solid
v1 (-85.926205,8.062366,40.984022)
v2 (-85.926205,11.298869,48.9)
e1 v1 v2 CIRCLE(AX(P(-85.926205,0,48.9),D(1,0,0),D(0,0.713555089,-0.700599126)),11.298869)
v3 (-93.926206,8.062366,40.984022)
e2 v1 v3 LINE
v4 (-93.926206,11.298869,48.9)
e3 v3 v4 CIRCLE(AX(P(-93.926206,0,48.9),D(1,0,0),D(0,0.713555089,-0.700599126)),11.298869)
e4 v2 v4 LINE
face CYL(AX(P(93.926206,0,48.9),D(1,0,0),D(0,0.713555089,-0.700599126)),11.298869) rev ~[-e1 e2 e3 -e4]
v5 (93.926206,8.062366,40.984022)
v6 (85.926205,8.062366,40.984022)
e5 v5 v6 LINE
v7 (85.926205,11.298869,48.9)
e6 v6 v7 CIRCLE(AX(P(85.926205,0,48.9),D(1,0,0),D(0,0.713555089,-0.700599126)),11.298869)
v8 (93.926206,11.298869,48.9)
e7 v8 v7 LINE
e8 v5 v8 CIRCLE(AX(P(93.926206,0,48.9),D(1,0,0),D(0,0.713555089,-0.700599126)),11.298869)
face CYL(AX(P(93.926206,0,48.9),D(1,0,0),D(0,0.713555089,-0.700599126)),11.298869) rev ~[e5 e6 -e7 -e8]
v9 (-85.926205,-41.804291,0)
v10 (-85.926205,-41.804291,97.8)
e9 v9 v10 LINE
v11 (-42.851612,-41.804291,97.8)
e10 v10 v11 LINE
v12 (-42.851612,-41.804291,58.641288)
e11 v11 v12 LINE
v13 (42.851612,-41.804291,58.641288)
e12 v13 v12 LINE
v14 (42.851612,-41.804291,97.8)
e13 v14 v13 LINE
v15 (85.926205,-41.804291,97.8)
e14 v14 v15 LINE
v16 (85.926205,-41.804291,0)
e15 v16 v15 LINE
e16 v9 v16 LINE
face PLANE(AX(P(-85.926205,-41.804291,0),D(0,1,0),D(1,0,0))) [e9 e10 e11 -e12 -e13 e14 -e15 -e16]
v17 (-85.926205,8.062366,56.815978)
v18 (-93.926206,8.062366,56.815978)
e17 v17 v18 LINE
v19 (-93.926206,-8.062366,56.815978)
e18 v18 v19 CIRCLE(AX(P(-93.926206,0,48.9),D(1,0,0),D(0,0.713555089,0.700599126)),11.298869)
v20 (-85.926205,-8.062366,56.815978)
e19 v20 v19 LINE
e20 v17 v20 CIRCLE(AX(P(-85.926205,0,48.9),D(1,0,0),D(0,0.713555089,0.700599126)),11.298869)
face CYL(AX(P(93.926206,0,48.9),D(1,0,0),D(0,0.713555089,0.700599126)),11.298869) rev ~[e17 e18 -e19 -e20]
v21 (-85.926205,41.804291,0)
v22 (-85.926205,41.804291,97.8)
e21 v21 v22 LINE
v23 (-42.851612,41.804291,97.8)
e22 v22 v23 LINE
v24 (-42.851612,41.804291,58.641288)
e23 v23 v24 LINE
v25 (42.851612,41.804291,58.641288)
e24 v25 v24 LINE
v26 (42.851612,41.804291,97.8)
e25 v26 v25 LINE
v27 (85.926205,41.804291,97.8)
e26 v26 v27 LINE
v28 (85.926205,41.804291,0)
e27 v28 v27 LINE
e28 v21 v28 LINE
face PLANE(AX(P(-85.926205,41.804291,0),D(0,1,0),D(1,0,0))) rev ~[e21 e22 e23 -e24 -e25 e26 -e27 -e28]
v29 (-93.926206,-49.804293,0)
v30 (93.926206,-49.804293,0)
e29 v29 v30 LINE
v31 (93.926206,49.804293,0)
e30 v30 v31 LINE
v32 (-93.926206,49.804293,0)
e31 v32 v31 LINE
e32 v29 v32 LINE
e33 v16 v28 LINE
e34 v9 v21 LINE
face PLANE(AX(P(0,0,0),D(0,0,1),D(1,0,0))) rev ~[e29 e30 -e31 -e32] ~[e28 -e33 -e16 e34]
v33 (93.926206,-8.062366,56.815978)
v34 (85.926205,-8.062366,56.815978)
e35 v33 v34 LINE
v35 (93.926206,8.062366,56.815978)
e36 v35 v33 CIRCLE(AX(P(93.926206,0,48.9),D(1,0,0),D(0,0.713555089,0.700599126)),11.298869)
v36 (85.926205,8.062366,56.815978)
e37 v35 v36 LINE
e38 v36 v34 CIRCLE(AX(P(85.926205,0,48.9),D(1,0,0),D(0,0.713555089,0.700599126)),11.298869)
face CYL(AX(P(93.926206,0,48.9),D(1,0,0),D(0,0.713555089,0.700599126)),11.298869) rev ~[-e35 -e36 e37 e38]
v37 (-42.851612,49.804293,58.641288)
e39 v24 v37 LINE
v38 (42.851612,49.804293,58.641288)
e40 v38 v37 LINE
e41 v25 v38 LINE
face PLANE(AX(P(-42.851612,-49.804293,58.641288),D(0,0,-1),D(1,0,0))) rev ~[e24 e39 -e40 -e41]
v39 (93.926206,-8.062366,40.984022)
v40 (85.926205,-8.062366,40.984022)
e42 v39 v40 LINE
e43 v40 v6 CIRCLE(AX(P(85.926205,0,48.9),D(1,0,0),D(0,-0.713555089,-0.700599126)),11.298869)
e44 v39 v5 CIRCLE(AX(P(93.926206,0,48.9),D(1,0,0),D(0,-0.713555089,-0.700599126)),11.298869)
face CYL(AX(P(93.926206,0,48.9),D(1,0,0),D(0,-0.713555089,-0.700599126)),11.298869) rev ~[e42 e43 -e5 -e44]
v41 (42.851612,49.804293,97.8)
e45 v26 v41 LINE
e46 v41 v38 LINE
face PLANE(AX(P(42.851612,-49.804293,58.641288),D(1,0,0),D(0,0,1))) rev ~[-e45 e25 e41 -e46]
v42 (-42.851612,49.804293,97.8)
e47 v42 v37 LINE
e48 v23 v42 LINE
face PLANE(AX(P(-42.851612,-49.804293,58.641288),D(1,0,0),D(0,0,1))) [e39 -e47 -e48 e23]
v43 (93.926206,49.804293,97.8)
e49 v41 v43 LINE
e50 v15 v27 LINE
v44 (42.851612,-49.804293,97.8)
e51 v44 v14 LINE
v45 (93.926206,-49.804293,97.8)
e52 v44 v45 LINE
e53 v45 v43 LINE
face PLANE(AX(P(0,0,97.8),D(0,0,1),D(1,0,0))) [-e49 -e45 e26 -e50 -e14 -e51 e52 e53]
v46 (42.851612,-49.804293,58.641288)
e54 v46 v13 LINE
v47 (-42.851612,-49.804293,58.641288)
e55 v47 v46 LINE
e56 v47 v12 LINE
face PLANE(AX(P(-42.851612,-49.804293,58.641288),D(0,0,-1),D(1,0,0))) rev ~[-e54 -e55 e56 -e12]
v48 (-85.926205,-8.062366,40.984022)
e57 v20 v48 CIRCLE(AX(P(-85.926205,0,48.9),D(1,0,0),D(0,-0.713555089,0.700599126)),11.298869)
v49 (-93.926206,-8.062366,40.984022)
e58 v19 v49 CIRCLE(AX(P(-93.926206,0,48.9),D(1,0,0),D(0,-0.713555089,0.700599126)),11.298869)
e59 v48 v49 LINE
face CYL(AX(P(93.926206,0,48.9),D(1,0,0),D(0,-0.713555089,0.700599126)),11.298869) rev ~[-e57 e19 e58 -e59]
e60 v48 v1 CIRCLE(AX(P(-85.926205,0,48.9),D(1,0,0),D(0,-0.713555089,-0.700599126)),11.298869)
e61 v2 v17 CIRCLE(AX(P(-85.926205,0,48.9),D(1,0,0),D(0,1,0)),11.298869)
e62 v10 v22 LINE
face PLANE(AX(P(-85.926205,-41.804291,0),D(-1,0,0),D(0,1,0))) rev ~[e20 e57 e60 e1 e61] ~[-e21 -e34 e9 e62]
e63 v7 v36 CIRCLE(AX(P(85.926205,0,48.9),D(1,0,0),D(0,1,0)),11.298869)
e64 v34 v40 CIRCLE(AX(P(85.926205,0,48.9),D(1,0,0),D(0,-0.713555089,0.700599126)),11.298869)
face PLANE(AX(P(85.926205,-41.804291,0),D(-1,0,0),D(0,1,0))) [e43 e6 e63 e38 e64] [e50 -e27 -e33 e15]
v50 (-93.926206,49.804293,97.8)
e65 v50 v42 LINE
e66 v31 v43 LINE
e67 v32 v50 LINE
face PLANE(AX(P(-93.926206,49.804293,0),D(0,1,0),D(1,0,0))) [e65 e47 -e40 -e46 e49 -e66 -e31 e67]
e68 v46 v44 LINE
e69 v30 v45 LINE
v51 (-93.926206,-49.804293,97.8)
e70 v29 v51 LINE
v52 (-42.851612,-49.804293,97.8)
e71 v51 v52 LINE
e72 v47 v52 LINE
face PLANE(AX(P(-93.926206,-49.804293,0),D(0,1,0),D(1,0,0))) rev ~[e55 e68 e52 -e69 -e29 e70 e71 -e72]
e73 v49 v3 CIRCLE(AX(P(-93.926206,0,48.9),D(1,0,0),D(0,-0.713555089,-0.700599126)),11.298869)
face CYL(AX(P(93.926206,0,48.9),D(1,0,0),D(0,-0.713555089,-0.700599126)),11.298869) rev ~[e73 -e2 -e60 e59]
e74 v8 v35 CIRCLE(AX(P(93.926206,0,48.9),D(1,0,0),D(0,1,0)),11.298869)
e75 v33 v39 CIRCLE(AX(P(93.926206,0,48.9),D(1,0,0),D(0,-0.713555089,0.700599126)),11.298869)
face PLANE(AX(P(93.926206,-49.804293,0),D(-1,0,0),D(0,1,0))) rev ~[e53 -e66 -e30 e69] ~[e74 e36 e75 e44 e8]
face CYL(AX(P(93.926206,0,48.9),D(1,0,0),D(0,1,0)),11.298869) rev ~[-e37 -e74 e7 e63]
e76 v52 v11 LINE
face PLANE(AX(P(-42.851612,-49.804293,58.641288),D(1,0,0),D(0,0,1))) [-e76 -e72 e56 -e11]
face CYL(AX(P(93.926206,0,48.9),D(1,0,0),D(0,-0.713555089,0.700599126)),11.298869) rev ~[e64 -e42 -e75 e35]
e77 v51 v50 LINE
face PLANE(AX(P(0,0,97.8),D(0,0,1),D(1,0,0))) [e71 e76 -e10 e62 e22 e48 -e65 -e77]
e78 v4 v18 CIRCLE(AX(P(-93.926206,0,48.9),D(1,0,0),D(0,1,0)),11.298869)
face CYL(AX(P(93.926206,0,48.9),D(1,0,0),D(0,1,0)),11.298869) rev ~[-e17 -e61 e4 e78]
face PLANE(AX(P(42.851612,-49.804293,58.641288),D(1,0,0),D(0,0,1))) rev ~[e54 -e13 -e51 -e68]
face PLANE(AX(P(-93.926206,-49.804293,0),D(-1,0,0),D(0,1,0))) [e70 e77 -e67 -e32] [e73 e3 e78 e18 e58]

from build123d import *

# Parameters (mm, degrees)
F0_W     = 187.8524124622
F0_H     = 99.6085852385
F0_W_2   = 171.8524098396
F0_H_2   = 83.6085826159
F1_DEPTH = 97.8
F3_DEPTH = 187.8534124622
F4_W     = 85.7032239437
F4_H     = 39.1587115705
F5_DEPTH = 99.6095852385


with BuildPart() as f1:
    # F0 (on Top) → F1 (new body)
    with BuildSketch(Plane.XY):
        Rectangle(F0_W, F0_H)
        Rectangle(F0_W_2, F0_H_2, mode=Mode.SUBTRACT)
    extrude(amount=F1_DEPTH)

    # F2 (on face) → F3 (cut, through all)
    with BuildSketch(Plane.YZ.offset(93.9262062311)):
        with BuildLine():
            Line((0, 48.9), (-8.06236551, 56.8159777743))
            ThreePointArc((-8.06236551, 56.8159777743), (-11.2988690469, 48.9), (-8.06236551, 40.9840222257))
            Line((-8.06236551, 40.9840222257), (0, 48.9))
        make_face()
        with BuildLine():
            Line((8.06236551, 40.9840222257), (0, 48.9))
            Line((0, 48.9), (-8.06236551, 40.9840222257))
            ThreePointArc((-8.06236551, 40.9840222257), (0, 37.6011309531), (8.06236551, 40.9840222257))
        make_face()
        with BuildLine():
            Line((8.06236551, 56.8159777743), (0, 48.9))
            Line((0, 48.9), (8.06236551, 40.9840222257))
            ThreePointArc((8.06236551, 40.9840222257), (10.4584906618, 44.6239720748), (11.2988690469, 48.9))
            ThreePointArc((11.2988690469, 48.9), (10.4584906618, 53.1760279252), (8.06236551, 56.8159777743))
        make_face()
        with BuildLine():
            ThreePointArc((8.06236551, 56.8159777743), (0, 60.1988690469), (-8.06236551, 56.8159777743))
            Line((-8.06236551, 56.8159777743), (0, 48.9))
            Line((0, 48.9), (8.06236551, 56.8159777743))
        make_face()
    extrude(amount=-F3_DEPTH, mode=Mode.SUBTRACT)

    # F4 (on face) → F5 (cut, through all)
    with BuildSketch(Plane.XZ.offset(49.8042926192)):
        with Locations((0, 78.2206442147)):
            Rectangle(F4_W, F4_H)
    extrude(amount=-F5_DEPTH, mode=Mode.SUBTRACT)


solid = f1.part
